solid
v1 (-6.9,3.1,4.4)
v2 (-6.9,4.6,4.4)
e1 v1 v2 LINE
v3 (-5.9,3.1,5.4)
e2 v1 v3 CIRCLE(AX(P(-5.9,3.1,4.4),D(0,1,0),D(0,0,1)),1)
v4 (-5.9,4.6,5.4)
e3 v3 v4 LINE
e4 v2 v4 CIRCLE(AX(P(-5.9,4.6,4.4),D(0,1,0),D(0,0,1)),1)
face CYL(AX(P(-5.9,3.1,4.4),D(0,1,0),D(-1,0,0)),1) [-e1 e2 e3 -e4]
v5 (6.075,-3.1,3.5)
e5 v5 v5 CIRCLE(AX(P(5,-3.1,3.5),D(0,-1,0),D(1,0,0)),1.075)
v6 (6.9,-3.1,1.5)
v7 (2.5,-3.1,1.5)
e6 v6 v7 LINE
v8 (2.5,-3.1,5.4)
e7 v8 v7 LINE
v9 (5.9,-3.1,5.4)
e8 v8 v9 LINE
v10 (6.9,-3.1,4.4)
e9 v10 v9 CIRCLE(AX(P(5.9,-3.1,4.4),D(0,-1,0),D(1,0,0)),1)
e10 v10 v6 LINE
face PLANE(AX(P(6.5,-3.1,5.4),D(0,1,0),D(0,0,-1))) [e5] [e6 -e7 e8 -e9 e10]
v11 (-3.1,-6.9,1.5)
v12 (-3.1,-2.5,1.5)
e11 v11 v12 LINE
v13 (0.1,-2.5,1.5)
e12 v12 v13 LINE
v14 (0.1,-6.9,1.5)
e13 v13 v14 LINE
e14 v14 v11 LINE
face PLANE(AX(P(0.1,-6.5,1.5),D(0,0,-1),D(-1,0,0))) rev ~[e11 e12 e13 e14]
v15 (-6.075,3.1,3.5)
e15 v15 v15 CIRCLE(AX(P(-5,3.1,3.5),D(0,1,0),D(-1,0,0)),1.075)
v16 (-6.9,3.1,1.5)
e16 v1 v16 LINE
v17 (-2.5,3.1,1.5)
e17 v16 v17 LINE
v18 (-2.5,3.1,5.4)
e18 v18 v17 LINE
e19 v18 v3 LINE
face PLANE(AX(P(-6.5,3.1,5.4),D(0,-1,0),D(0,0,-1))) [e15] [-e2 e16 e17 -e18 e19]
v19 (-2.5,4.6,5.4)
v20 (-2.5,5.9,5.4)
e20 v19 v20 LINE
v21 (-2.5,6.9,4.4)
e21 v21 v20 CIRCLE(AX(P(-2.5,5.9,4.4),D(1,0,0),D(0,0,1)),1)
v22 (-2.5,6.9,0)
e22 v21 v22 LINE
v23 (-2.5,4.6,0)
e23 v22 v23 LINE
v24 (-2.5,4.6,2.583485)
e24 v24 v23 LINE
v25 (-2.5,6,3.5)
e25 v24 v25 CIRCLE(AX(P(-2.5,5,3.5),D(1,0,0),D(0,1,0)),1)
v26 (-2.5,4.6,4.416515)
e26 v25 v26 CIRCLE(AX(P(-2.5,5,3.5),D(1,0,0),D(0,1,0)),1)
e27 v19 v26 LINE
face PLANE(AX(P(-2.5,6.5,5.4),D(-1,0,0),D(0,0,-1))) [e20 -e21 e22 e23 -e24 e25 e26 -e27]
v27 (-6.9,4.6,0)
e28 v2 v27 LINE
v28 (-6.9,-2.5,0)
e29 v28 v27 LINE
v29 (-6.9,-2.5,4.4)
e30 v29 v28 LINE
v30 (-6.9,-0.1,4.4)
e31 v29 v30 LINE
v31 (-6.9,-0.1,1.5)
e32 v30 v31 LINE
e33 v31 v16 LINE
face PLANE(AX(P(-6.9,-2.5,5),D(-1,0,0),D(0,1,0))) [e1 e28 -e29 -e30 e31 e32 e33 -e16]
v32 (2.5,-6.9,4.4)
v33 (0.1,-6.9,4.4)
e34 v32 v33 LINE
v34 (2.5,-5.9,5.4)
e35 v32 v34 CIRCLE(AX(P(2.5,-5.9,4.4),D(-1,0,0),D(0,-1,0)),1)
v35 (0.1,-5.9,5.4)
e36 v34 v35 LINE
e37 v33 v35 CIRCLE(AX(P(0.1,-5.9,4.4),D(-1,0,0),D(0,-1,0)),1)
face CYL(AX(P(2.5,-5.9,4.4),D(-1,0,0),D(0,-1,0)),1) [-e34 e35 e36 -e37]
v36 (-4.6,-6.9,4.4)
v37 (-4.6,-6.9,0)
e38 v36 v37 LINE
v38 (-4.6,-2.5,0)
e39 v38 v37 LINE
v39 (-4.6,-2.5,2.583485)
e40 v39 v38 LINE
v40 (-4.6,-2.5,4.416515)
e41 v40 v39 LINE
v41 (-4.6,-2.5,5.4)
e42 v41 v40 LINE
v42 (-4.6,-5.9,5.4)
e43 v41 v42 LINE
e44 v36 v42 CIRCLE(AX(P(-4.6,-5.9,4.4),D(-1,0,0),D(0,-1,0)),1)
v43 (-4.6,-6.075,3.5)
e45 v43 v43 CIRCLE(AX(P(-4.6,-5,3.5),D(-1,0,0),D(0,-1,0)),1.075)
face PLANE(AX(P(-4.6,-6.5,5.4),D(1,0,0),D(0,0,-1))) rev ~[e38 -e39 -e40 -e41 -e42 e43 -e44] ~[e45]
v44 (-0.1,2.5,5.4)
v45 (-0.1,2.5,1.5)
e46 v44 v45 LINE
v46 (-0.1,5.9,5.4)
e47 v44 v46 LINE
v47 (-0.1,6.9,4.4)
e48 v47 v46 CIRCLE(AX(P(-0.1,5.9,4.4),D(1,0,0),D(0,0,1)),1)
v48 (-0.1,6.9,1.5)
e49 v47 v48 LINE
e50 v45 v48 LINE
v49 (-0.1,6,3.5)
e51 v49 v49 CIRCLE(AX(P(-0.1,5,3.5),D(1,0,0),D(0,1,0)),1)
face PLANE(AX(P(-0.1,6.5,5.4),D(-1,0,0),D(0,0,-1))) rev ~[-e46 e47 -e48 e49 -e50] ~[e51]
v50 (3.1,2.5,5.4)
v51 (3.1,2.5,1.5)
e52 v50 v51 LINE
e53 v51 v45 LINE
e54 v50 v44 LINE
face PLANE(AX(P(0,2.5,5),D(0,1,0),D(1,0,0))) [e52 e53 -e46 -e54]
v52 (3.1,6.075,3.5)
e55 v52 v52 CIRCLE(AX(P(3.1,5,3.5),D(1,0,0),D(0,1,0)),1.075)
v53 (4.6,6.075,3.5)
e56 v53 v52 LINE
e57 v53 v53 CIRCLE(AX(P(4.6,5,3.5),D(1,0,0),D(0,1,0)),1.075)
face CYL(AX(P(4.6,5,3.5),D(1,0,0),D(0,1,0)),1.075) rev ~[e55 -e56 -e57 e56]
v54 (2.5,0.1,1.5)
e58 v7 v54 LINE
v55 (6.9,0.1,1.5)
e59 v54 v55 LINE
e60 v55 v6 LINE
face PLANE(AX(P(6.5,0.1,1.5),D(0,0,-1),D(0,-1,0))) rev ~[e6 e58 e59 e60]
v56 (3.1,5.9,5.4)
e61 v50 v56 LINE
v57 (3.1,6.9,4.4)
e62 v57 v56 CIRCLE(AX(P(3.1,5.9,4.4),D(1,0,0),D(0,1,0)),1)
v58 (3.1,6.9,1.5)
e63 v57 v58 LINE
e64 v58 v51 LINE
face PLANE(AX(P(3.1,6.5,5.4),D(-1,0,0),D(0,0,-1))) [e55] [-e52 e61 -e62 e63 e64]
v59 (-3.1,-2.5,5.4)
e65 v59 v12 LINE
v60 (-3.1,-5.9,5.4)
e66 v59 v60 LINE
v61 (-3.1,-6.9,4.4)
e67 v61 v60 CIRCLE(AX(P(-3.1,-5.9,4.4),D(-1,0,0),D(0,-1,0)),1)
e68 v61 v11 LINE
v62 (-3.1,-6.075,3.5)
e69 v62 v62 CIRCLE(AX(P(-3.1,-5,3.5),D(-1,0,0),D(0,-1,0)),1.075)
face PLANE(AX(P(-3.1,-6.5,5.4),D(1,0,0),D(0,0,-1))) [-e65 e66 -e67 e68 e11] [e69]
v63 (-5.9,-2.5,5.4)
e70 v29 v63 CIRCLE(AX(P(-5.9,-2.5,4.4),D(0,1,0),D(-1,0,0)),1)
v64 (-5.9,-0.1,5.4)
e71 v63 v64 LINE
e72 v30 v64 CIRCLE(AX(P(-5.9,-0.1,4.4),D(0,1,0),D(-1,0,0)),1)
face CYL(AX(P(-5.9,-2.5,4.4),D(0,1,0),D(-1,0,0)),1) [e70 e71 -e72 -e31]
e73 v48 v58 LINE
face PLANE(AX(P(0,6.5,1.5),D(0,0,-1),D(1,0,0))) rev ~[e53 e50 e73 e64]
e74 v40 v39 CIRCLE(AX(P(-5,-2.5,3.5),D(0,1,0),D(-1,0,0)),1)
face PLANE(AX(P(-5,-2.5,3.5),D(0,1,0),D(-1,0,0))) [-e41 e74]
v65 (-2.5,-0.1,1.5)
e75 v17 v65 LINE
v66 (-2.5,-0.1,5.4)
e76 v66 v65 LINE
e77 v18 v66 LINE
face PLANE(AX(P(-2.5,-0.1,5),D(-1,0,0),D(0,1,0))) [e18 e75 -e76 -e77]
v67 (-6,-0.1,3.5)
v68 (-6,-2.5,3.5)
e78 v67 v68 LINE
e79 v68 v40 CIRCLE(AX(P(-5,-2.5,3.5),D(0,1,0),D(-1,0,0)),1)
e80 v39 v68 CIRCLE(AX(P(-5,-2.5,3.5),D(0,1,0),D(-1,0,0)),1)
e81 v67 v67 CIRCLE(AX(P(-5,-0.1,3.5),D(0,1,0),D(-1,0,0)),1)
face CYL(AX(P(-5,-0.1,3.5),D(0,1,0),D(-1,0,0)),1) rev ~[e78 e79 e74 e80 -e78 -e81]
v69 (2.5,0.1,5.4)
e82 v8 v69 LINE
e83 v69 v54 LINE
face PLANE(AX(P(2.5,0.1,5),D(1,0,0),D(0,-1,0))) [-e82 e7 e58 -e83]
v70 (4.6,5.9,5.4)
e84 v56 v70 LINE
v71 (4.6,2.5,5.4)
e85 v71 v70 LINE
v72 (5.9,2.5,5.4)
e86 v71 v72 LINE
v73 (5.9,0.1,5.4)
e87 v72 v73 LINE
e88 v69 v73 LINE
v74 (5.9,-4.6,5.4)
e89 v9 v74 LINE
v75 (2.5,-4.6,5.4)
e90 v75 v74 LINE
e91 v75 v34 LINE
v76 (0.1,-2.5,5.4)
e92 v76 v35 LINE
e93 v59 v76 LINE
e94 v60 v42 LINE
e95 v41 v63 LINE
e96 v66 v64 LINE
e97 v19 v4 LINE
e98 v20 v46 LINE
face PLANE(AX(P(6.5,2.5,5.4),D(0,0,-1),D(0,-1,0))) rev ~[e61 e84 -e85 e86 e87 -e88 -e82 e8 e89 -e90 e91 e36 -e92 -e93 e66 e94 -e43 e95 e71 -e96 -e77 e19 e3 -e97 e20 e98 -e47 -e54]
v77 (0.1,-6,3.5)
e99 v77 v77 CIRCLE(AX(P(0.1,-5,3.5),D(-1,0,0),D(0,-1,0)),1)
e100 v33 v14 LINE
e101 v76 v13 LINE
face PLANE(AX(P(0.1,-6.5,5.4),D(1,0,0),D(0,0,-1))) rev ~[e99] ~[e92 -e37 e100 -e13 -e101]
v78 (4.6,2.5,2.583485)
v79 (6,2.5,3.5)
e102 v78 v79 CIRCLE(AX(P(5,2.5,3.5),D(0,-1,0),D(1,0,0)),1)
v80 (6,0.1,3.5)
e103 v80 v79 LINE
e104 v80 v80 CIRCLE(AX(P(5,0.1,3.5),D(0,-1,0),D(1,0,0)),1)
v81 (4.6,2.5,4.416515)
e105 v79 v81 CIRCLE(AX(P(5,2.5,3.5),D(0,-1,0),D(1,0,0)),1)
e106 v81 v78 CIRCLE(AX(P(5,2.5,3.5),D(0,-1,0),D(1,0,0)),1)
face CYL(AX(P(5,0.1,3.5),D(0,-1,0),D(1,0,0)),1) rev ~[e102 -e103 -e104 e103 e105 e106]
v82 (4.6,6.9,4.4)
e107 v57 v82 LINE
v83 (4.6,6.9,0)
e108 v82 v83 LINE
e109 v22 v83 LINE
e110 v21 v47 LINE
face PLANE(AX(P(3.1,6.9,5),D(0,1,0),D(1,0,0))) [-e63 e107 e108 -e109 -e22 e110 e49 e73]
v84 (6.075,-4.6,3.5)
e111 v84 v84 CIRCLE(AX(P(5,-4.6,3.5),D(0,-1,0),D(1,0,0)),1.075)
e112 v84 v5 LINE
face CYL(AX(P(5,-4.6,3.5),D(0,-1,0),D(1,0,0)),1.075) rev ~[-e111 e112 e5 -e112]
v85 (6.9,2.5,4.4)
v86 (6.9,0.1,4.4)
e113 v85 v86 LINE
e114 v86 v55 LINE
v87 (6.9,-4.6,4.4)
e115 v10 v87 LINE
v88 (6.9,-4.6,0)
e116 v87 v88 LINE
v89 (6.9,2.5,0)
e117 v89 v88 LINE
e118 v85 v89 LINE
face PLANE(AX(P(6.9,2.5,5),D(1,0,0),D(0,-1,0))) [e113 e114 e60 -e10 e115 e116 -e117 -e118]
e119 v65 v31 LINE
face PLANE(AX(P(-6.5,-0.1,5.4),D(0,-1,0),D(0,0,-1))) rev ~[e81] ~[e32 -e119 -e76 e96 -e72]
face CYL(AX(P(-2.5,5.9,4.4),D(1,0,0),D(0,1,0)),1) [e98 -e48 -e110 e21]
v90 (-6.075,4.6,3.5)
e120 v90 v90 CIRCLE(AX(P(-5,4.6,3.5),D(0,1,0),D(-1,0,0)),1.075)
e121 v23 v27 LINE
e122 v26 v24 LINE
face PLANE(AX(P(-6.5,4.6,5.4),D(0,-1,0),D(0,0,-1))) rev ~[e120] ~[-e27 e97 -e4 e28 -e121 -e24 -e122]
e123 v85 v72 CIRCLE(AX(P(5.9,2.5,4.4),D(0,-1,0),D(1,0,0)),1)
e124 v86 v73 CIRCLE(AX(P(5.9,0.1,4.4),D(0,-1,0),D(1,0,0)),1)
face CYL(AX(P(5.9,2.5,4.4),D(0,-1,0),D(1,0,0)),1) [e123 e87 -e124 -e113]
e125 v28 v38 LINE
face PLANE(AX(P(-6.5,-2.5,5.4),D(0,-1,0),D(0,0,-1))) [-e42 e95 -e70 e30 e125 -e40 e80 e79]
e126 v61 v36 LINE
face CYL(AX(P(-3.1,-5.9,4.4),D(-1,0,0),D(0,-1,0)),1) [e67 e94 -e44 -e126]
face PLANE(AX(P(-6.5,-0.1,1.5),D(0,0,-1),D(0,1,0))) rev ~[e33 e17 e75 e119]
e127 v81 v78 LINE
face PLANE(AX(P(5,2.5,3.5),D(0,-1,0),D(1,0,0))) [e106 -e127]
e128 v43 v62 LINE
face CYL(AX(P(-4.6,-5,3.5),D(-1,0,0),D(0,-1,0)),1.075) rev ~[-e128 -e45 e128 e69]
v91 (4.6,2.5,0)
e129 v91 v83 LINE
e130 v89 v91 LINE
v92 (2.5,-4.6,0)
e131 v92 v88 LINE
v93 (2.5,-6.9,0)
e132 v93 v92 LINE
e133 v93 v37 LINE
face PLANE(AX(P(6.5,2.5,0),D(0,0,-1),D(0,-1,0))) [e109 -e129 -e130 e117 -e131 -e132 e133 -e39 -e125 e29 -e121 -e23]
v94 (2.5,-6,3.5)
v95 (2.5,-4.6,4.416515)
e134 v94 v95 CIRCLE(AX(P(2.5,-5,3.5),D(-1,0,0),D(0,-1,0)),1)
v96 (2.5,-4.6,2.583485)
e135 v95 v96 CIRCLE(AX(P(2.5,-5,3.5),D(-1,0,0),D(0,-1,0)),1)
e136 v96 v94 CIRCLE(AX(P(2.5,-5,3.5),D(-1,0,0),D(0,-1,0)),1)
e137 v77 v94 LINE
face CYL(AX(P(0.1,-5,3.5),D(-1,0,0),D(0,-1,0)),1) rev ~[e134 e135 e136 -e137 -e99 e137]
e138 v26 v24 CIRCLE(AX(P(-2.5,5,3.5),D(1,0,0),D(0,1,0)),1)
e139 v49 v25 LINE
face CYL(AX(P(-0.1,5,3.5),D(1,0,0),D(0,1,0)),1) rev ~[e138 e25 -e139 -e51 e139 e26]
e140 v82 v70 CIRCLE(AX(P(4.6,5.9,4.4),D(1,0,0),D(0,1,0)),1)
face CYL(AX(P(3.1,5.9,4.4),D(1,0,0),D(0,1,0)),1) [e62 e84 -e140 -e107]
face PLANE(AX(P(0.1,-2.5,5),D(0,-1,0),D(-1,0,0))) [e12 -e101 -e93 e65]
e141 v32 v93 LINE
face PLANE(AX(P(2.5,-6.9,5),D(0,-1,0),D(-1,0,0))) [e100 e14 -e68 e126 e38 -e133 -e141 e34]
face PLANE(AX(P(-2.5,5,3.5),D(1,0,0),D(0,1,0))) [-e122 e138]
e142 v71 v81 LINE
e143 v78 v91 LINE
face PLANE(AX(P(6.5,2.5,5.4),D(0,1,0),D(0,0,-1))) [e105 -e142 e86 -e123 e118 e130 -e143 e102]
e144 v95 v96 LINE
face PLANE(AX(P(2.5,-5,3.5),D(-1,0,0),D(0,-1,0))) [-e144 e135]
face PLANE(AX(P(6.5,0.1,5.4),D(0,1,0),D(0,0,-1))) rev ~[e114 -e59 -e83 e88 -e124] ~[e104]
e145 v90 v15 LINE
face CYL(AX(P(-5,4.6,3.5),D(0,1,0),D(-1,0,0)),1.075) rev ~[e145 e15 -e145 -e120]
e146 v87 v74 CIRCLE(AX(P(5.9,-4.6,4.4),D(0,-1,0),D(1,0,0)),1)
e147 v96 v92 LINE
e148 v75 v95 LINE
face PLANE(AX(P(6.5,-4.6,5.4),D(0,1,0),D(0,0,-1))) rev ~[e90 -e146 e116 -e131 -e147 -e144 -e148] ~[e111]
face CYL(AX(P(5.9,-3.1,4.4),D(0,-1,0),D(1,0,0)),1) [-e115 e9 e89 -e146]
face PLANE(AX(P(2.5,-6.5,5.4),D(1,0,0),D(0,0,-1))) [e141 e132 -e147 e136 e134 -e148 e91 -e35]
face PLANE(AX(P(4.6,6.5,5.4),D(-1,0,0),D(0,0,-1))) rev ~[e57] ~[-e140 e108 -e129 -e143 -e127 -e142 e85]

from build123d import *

# Parameters (mm, degrees)
F0_W      = 13
F0_H      = 13
F1_DEPTH  = 5
F2_W      = 3.2
F2_H      = 4
F2_W_2    = 4
F2_H_2    = 3.2
F3_DEPTH  = 3.5
F4_W      = 4
F4_H      = 1.9
F4_W_2    = 1.9
F4_H_2    = 4
F5_DEPTH  = 5
F6_W      = 6.5
F6_H      = 6.5
F7_DEPTH  = 5
F10_DEPTH = 0.4
F11_DEPTH = 0.4
F12_DEPTH = 0.4
F8_R      = 1.075
F13_DEPTH = 1.5
F9_R      = 1
F14_DEPTH = 2.4
F15_COUNT = 4
F16_R     = 1


with BuildPart() as f1:
    # F0 (on Top) → F1 (new body)
    with BuildSketch(Plane.XY):
        Rectangle(F0_W, F0_H)
    extrude(amount=F1_DEPTH)

    # F2 (on face) → F3 (cut)
    with BuildSketch(Plane.XY.offset(5)):
        with Locations((1.5, 4.5)):
            Rectangle(F2_W, F2_H)
        with Locations((-4.5, 1.5)):
            Rectangle(F2_W_2, F2_H_2)
        with Locations((-1.5, -4.5)):
            Rectangle(F2_W, F2_H)
        with Locations((4.5, -1.5)):
            Rectangle(F2_W_2, F2_H_2)
    extrude(amount=-F3_DEPTH, mode=Mode.SUBTRACT)

    # F4 (on face) → F5 (cut, through all)
    with BuildSketch(Plane.XY.offset(5)):
        with Locations((-4.5, 5.55)):
            Rectangle(F4_W, F4_H)
        with Locations((-5.55, -4.5)):
            Rectangle(F4_W_2, F4_H_2)
        with Locations((4.5, -5.55)):
            Rectangle(F4_W, F4_H)
        with Locations((5.55, 4.5)):
            Rectangle(F4_W_2, F4_H_2)
    extrude(amount=-F5_DEPTH, mode=Mode.SUBTRACT)

    # F6 (on Top) → F7 (intersect, through all)
    with BuildSketch(Plane.XY):
        with Locations((-3.25, 3.25)):
            Rectangle(F6_W, F6_H)
    extrude(amount=F7_DEPTH, mode=Mode.INTERSECT)

    # F10 (add): a face of the model
    f10_faces = [f1.faces().sort_by_distance(p)[0] for p in [
        (-2.164416476, 3.3918764302, 5),
    ]]
    extrude(f10_faces, amount=F10_DEPTH)

    # F11 (add): a face of the model
    f11_faces = [f1.faces().sort_by_distance(p)[0] for p in [
        (-6.5, 2.3, 0.0709365914),
    ]]
    extrude(f11_faces, amount=F11_DEPTH)

    # F12 (add): a face of the model
    f12_faces = [f1.faces().sort_by_distance(p)[0] for p in [
        (-1.2856979405, 6.5, 2.6776887872),
    ]]
    extrude(f12_faces, amount=F12_DEPTH)

    # F8 (on face) → F13 (cut, through all)
    with BuildSketch(Plane(origin=(0, 4.6, 0), x_dir=(-1, 0, 0), z_dir=(0, 1, 0))):
        with Locations((5, 3.5)):
            Circle(F8_R)
    extrude(amount=-F13_DEPTH, mode=Mode.SUBTRACT)

    # F9 (on face) → F14 (cut, through all)
    with BuildSketch(Plane.YZ.offset(-0.1)):
        with Locations((5, 3.5)):
            Circle(F9_R)
    extrude(amount=-F14_DEPTH, mode=Mode.SUBTRACT)

    # F15: F1 ×4 about axis
    f15_axis = Axis((0, 0, 2.5), (0, 0, 1))


with BuildPart() as f1_1:
    add(f1.part)
    for i in range(1, F15_COUNT):
        add(f1.part.rotate(f15_axis, i * 360 / F15_COUNT))

    # F16
    f16_edges = [f1_1.edges().sort_by_distance(p)[0] for p in [
        (6.9, 1.3, 5.4),
        (-6.9, 3.85, 5.4),
        (-1.3, 6.9, 5.4),
        (-3.85, -6.9, 5.4),
        (-6.9, -1.3, 5.4),
        (6.9, -3.85, 5.4),
        (1.3, -6.9, 5.4),
        (3.85, 6.9, 5.4),
    ]]
    fillet(f16_edges, radius=F16_R)


solid = f1_1.part
